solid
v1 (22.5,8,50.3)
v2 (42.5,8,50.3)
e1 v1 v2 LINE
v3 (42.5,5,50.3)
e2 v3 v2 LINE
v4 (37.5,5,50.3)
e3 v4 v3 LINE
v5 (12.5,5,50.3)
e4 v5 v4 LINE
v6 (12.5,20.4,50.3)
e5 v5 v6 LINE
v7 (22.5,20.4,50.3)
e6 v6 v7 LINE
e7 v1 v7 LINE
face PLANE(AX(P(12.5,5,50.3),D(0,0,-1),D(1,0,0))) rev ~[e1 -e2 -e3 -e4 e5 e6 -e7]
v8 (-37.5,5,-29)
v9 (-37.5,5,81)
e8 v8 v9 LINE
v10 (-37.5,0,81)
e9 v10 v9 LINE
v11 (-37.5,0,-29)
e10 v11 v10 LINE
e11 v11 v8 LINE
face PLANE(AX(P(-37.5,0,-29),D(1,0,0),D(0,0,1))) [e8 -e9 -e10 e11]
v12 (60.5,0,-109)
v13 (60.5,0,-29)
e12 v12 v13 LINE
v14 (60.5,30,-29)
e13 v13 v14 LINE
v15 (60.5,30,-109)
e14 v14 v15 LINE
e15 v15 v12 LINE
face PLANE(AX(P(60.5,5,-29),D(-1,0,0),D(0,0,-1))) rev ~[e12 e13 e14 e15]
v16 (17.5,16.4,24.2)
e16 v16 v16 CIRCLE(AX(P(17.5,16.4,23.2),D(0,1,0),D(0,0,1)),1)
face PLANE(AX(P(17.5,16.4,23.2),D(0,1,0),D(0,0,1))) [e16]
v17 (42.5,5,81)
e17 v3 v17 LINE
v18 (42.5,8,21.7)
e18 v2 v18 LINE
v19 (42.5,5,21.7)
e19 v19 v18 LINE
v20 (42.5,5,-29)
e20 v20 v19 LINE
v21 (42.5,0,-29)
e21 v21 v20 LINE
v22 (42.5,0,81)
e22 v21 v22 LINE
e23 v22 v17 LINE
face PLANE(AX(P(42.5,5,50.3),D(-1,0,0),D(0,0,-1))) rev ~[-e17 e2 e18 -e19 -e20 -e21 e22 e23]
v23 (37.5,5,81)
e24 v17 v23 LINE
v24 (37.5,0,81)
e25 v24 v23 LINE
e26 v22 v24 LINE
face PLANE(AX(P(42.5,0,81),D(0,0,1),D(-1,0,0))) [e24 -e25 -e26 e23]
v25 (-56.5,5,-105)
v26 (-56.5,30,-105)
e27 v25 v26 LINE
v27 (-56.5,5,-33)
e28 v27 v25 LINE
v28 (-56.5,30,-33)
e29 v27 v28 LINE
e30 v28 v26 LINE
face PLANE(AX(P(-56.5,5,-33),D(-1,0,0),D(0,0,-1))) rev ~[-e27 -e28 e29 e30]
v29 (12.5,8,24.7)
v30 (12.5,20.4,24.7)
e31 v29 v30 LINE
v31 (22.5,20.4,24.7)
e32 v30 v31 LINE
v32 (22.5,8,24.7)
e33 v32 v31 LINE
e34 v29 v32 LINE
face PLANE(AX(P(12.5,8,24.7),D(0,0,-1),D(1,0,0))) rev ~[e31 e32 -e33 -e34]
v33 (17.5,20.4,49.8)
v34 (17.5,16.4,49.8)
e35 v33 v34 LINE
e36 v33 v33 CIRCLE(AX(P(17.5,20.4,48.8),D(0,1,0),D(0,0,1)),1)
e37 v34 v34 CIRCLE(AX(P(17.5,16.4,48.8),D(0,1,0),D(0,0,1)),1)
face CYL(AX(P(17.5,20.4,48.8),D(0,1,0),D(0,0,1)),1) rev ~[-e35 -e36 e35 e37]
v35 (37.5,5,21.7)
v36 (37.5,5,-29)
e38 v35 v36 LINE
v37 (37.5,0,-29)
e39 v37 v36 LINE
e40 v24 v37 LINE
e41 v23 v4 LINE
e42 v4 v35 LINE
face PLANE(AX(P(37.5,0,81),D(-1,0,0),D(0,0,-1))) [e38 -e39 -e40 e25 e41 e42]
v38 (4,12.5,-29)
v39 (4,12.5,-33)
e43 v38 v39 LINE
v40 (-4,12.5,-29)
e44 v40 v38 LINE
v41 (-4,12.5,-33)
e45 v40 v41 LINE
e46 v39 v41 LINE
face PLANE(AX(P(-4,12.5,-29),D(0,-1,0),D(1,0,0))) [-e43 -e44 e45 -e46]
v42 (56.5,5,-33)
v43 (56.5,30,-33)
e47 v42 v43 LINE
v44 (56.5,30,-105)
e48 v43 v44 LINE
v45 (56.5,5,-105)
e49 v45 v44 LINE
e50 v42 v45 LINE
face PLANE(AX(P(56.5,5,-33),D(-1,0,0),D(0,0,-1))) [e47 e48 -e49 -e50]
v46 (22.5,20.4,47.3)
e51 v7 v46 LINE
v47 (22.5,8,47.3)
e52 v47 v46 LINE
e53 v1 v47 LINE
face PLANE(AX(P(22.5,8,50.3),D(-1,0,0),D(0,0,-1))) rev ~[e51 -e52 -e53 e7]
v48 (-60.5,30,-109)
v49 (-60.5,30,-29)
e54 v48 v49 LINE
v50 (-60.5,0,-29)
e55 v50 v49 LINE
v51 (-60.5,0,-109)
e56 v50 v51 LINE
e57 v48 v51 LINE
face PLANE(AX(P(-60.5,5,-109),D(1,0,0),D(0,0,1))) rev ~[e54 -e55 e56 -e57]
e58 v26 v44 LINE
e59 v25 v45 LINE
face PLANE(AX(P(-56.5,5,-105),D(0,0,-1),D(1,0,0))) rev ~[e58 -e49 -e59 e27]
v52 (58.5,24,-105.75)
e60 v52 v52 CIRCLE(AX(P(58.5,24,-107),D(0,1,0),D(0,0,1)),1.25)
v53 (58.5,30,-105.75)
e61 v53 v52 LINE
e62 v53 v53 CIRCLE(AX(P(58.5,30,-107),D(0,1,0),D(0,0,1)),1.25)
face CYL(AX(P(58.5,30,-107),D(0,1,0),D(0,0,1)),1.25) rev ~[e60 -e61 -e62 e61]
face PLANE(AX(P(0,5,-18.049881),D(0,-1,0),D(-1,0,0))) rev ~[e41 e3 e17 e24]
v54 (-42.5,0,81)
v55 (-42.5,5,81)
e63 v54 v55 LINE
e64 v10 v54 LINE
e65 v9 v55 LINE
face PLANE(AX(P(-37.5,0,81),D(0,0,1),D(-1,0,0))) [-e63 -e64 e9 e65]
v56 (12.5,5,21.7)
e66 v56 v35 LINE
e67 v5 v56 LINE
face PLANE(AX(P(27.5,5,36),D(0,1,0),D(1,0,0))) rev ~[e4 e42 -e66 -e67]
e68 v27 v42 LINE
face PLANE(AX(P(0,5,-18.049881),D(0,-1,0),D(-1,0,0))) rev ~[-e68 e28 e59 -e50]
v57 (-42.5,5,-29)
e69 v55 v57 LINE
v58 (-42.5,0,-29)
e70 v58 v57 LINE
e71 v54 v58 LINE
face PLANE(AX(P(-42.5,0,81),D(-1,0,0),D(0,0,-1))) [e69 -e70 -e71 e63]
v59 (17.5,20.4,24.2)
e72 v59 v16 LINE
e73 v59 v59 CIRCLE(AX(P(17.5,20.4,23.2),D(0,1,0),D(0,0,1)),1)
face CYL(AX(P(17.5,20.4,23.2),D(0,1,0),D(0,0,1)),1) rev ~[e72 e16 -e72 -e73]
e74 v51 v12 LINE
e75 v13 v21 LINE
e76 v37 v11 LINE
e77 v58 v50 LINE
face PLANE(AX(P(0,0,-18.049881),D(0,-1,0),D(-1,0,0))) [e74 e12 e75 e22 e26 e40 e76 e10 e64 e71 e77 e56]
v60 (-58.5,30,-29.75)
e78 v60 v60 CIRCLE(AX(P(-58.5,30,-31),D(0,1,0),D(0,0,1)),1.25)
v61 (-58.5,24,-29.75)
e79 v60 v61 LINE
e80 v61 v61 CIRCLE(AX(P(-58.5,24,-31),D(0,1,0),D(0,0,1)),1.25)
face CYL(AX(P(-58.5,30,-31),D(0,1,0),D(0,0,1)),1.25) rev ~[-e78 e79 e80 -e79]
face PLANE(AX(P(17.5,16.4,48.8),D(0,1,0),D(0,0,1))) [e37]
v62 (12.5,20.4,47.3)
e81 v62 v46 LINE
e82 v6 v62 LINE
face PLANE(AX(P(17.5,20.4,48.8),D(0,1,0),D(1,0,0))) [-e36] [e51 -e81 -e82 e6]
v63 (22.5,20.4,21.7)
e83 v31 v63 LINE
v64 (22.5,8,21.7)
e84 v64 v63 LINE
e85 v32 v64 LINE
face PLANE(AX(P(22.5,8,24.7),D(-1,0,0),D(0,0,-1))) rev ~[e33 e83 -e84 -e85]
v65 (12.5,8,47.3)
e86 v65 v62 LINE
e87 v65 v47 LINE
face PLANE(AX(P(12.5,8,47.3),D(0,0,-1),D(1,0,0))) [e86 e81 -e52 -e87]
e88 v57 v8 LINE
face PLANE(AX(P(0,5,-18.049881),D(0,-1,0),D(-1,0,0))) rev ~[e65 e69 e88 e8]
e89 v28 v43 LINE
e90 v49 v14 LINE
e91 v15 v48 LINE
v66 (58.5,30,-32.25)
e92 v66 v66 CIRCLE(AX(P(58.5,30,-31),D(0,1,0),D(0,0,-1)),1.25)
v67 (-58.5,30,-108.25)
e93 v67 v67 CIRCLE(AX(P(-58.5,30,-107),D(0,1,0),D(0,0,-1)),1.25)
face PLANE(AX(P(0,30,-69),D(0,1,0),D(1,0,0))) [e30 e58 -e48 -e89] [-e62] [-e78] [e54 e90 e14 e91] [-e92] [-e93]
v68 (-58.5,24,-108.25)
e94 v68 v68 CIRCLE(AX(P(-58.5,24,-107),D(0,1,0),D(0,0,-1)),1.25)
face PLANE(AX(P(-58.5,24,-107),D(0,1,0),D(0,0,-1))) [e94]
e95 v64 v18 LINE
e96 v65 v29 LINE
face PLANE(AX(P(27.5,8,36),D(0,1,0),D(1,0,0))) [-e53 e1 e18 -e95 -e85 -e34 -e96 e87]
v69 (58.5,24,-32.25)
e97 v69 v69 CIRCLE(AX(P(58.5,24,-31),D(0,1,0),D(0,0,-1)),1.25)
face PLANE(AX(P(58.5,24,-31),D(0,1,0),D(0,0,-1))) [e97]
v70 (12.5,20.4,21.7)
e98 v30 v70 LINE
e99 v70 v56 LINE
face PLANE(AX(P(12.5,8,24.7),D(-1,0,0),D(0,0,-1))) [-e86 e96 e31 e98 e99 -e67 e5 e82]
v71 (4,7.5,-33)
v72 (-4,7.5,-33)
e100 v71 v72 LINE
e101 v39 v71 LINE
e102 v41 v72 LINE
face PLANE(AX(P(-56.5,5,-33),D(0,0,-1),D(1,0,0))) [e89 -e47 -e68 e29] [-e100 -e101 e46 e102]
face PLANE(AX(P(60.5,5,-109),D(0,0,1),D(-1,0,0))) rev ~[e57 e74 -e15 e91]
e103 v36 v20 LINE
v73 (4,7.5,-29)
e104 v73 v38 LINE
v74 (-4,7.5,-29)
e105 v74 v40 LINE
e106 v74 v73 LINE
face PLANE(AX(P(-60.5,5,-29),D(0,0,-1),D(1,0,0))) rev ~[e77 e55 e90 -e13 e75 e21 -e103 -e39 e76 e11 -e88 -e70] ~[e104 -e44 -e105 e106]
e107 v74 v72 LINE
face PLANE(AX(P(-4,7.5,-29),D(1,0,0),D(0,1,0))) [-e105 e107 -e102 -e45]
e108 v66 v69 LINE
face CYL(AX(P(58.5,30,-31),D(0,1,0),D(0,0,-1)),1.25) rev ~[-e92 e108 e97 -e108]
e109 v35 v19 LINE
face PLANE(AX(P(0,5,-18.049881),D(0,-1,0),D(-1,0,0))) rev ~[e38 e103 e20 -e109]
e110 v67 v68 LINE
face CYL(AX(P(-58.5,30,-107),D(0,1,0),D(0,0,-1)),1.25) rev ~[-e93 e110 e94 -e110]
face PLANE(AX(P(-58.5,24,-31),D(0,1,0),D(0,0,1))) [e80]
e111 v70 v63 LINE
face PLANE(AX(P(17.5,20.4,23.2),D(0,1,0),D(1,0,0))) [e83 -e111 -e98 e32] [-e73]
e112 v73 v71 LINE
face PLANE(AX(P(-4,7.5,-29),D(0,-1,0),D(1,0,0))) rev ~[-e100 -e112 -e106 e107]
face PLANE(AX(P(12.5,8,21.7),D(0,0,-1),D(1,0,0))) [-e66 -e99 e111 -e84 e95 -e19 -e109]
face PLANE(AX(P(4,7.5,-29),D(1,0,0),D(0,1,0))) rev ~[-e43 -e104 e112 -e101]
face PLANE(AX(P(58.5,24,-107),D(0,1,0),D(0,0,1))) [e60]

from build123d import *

# Parameters (mm, degrees)
BOSS_EXTRUDE1_DEPTH = 5
SKETCH2_W           = 113
SKETCH2_H           = 72
BOSS_EXTRUDE2_DEPTH = 25
SKETCH3_R           = 1.25
CUT_EXTRUDE1_DEPTH  = 6
SKETCH4_W           = 30
SKETCH4_H           = 28.6
BOSS_EXTRUDE3_DEPTH = 3
SKETCH5_W           = 10
SKETCH5_H           = 3
BOSS_EXTRUDE4_DEPTH = 12.4
SKETCH6_R           = 1
CUT_EXTRUDE2_DEPTH  = 4
SKETCH12_W          = 8
SKETCH12_H          = 5
CUT_EXTRUDE3_DEPTH  = 21


with BuildPart() as part:
    # Sketch1 → Boss-Extrude1 (new body)
    with BuildSketch(Plane(origin=(0, 0, 0), x_dir=(1, 0, 0), z_dir=(0, 1, 0))):
        Polygon((-42.5, -81), (-42.5, 29), (-60.5, 29), (-60.5, 109), (60.5, 109), (60.5, 29), (42.5, 29), (42.5, -81), (37.5, -81), (37.5, 29), (-37.5, 29), (-37.5, -81), align=None)
    extrude(amount=BOSS_EXTRUDE1_DEPTH)

    # Sketch2 → Boss-Extrude2 (add)
    with BuildSketch(Plane(origin=(0, 5, 0), x_dir=(1, 0, 0), z_dir=(0, 1, 0))):
        Polygon((-60.5, 109), (-60.5, 29), (-42.5, 29), (-37.5, 29), (37.5, 29), (42.5, 29), (60.5, 29), (60.5, 109), align=None)
        with Locations((0, 69)):
            Rectangle(SKETCH2_W, SKETCH2_H, mode=Mode.SUBTRACT)
    extrude(amount=BOSS_EXTRUDE2_DEPTH)

    # Sketch3 → Cut-Extrude1 (cut)
    with BuildSketch(Plane(origin=(0, 30, 0), x_dir=(1, 0, 0), z_dir=(0, 1, 0))):
        with Locations(Location((-58.5, 31, 0), (0, 0, 270))):
            Circle(SKETCH3_R)
        with Locations(Location((58.5, 31, 0), (0, 0, 90))):
            Circle(SKETCH3_R)
        with Locations(Location((-58.5, 107, 0), (0, 0, 90))):
            Circle(SKETCH3_R)
        with Locations(Location((58.5, 107, 0), (0, 0, 270))):
            Circle(SKETCH3_R)
    extrude(amount=-CUT_EXTRUDE1_DEPTH, mode=Mode.SUBTRACT)

    # Sketch4 → Boss-Extrude3 (add)
    with BuildSketch(Plane(origin=(0, 5, 0), x_dir=(1, 0, 0), z_dir=(0, 1, 0))):
        with Locations((27.5, -36)):
            Rectangle(SKETCH4_W, SKETCH4_H)
    extrude(amount=BOSS_EXTRUDE3_DEPTH)

    # Sketch5 → Boss-Extrude4 (add)
    with BuildSketch(Plane(origin=(0, 8, 0), x_dir=(1, 0, 0), z_dir=(0, 1, 0))):
        with Locations((17.5, -23.2)):
            Rectangle(SKETCH5_W, SKETCH5_H)
        with Locations((17.5, -48.8)):
            Rectangle(SKETCH5_W, SKETCH5_H)
    extrude(amount=BOSS_EXTRUDE4_DEPTH)

    # Sketch6 → Cut-Extrude2 (cut)
    with BuildSketch(Plane(origin=(0, 20.4, 0), x_dir=(1, 0, 0), z_dir=(0, 1, 0))):
        with Locations(Location((17.5, -48.8, 0), (0, 0, 270))):
            Circle(SKETCH6_R)
        with Locations(Location((17.5, -23.2, 0), (0, 0, 270))):
            Circle(SKETCH6_R)
    extrude(amount=-CUT_EXTRUDE2_DEPTH, mode=Mode.SUBTRACT)

    # Sketch12 → Cut-Extrude3 (cut)
    with BuildSketch(Plane.XY.offset(-29)):
        with Locations((0, 10)):
            Rectangle(SKETCH12_W, SKETCH12_H)
    extrude(amount=-CUT_EXTRUDE3_DEPTH, mode=Mode.SUBTRACT)


solid = part.part
